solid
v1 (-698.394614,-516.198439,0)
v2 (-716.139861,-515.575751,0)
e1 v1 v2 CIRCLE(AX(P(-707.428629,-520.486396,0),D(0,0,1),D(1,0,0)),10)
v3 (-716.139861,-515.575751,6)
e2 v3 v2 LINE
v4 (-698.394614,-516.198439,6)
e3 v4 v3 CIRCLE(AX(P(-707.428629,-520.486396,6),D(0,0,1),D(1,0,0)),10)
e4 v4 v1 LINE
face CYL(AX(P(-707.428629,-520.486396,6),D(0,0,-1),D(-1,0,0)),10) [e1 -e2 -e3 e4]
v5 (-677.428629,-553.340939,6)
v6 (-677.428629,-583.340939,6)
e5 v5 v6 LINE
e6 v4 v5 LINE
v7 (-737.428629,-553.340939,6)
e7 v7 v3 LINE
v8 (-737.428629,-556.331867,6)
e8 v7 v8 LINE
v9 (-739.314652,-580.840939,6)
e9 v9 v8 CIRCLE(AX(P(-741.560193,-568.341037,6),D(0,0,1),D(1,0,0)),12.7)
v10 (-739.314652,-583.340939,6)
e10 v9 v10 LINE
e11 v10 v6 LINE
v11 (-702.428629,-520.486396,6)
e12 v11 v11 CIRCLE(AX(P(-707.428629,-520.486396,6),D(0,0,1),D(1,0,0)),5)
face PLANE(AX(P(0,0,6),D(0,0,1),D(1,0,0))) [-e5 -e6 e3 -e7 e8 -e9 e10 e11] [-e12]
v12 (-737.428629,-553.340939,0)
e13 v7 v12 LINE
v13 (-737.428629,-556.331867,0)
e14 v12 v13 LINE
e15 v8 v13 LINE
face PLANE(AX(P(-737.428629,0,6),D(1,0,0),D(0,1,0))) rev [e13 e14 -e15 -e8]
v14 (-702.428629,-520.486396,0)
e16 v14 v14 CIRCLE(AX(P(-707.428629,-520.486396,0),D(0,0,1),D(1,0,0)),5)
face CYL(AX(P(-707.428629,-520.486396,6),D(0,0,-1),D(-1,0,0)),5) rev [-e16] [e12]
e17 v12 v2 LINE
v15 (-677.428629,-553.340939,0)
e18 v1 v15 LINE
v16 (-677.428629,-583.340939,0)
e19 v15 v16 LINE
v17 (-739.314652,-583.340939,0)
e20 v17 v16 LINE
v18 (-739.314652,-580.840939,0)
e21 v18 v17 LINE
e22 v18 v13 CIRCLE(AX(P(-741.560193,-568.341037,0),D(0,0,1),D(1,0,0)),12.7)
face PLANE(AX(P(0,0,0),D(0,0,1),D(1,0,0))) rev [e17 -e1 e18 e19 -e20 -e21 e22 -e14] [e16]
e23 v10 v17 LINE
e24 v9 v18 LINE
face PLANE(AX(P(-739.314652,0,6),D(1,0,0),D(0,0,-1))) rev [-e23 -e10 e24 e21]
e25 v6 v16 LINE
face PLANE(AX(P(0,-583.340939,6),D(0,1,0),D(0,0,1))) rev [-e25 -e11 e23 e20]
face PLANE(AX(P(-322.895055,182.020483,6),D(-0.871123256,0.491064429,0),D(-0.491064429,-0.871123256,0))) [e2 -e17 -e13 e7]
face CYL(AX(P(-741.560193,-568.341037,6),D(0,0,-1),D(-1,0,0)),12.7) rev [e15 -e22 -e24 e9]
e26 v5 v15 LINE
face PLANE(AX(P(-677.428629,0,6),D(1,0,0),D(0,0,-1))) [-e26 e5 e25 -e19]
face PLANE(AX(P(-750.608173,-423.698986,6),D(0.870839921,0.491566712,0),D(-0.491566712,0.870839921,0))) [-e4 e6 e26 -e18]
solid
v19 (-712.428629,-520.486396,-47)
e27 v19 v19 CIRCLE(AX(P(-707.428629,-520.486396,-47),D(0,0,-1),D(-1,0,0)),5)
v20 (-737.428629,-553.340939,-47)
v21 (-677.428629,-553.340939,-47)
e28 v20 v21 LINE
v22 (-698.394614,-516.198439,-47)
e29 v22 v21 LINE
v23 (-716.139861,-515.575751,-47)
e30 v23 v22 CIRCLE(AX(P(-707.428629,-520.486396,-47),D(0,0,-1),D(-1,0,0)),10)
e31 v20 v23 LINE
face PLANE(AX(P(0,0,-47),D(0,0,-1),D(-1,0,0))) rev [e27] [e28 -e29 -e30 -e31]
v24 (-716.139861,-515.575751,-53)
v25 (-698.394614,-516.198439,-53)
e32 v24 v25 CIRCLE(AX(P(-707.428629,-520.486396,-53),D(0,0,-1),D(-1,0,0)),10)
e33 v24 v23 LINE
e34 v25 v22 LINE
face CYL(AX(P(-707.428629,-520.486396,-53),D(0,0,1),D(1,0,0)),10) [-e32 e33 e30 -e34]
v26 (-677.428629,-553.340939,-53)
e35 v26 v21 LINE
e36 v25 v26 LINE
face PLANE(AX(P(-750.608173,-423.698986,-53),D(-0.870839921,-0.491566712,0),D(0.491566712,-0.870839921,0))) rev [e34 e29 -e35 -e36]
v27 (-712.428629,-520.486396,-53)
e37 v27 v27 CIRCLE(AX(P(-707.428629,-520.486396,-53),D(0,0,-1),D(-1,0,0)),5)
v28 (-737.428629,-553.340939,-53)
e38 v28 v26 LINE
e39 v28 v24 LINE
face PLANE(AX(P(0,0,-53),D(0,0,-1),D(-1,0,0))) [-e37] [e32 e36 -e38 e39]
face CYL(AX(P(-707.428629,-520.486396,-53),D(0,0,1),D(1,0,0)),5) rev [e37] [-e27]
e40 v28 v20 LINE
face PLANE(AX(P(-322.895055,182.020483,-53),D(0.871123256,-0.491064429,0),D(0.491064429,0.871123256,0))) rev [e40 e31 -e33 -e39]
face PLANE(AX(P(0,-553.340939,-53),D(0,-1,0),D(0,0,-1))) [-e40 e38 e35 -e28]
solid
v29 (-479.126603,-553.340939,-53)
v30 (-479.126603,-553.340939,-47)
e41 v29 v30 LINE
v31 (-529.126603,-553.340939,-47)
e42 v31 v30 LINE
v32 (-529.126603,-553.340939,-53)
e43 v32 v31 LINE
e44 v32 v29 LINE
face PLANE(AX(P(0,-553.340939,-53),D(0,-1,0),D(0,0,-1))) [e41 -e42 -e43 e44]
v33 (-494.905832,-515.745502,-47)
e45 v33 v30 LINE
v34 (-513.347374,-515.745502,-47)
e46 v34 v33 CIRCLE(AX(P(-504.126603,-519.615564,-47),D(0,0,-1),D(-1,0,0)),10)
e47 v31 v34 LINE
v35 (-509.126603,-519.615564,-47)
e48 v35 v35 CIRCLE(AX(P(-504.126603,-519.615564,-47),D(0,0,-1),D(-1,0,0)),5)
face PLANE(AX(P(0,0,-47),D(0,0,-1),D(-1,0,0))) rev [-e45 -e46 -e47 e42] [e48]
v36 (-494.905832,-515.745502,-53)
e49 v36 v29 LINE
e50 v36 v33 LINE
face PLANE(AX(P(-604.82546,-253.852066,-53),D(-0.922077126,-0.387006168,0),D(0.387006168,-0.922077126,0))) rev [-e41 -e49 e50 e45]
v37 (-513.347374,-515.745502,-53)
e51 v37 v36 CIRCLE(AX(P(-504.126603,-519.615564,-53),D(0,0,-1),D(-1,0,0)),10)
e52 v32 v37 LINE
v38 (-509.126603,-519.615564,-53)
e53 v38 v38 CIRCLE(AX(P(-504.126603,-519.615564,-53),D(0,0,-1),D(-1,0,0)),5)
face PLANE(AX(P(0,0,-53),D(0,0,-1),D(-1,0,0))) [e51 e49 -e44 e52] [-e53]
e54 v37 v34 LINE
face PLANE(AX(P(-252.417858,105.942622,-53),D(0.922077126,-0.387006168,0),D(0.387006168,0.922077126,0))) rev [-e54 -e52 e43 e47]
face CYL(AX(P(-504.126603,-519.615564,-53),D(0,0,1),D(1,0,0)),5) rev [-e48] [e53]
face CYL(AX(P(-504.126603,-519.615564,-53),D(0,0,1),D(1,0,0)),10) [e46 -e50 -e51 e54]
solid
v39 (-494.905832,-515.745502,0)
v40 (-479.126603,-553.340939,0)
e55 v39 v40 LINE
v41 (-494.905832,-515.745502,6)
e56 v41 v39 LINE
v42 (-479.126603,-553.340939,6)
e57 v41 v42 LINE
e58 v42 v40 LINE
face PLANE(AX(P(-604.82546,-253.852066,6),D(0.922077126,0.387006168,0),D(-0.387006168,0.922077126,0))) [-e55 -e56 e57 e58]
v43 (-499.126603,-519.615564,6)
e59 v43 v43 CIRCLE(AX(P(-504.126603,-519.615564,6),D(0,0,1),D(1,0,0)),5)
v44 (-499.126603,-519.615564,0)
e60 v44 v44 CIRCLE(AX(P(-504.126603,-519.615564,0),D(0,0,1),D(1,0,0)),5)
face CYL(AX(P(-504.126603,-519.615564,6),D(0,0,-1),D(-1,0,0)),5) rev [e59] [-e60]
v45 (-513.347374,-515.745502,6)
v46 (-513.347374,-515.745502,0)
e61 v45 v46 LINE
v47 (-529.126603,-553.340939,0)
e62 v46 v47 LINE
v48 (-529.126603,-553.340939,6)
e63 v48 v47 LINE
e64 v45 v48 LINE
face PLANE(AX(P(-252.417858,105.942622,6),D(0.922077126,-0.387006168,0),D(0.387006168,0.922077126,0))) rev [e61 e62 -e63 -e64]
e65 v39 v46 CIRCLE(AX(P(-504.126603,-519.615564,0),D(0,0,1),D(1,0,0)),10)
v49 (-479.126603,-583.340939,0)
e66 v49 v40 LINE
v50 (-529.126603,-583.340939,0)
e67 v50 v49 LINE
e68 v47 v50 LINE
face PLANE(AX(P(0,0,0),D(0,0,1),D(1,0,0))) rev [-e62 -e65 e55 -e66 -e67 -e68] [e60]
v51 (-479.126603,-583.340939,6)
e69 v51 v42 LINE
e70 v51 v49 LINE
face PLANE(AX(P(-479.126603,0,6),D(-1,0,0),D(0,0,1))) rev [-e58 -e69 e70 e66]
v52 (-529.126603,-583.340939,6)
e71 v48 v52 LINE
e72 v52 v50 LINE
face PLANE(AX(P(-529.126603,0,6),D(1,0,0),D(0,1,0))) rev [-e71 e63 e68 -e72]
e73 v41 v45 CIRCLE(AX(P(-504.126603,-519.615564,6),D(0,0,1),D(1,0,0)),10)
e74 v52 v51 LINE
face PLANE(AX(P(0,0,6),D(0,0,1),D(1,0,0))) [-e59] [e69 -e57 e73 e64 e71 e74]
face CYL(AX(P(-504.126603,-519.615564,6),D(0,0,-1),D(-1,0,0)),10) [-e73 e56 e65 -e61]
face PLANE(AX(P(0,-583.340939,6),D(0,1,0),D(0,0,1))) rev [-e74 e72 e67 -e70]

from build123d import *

# Parameters (mm, degrees)
SKETCH1_W             = 50
SKETCH1_H             = 30
BOSS_EXTRUDE1_DEPTH   = 6
SKETCH2_R             = 5
BOSS_EXTRUDE2_DEPTH   = 6
BOSS_EXTRUDE2_2_DEPTH = 6


with BuildPart() as part:
    # Sketch1 → Boss-Extrude1 (new body)
    # profile 1 of 6: a face of its own
    with BuildSketch(Plane.XY):
        with BuildLine():
            Line((-716.139861216, -515.57575128), (-737.428628659, -553.340939136))
            Line((-737.428628659, -553.340939136), (-677.428628659, -553.340939136))
            Line((-677.428628659, -553.340939136), (-698.394613553, -516.198439056))
            ThreePointArc((-698.394613553, -516.198439056), (-697.673113525, -518.288686656), (-697.428628659, -520.486395569))
            ThreePointArc((-697.428628659, -520.486395569), (-709.967100091, -530.158839045), (-716.139861216, -515.57575128))
        make_face()
    # profile 2 of 6: a face of its own
    with BuildSketch(Plane.XY):
        with BuildLine():
            Line((-677.428628659, -553.340939136), (-737.428628659, -553.340939136))
            Line((-737.428628659, -553.340939136), (-737.428628659, -556.331866841))
            ThreePointArc((-737.428628659, -556.331866841), (-731.221893717, -560.964753297), (-728.860193105, -568.341037305))
            ThreePointArc((-728.860193105, -568.341037305), (-731.818315199, -576.488786373), (-739.314652141, -580.840939136))
            Line((-739.314652141, -580.840939136), (-739.314652141, -583.340939136))
            Line((-739.314652141, -583.340939136), (-677.428628659, -583.340939136))
            Line((-677.428628659, -583.340939136), (-677.428628659, -553.340939136))
        make_face()
    # profile 3 of 6: a face of its own
    with BuildSketch(Plane.XY):
        with BuildLine():
            ThreePointArc((-698.394613553, -516.198439056), (-707.077940535, -510.492546569), (-716.139861216, -515.57575128))
            ThreePointArc((-716.139861216, -515.57575128), (-709.967100091, -530.158839045), (-697.428628659, -520.486395569))
            ThreePointArc((-697.428628659, -520.486395569), (-697.673113525, -518.288686656), (-698.394613553, -516.198439056))
        make_face()
        with BuildLine():
            add(Edge.make_bspline(
                [(-702.428724913, -520.517420238), (-702.366675575, -510.517612746), (-712.366483068, -510.455563408), (-712.428532405, -520.4553709), (-712.490581742, -530.455178393), (-702.49077425, -530.51722773), (-702.428724913, -520.517420238)],
                knots=[0, 0, 0, 0, 0.5, 0.5, 0.5, 1, 1, 1, 1], degree=3, weights=[1, 0.333333333, 0.333333333, 1, 0.333333333, 0.333333333, 1]))
        make_face(mode=Mode.SUBTRACT)
    # profile 4 of 6: a face of its own
    with BuildSketch(Plane.XY):
        with BuildLine():
            Line((-513.347374444, -515.745502459), (-529.126603186, -553.340939136))
            Line((-529.126603186, -553.340939136), (-479.126603186, -553.340939136))
            Line((-479.126603186, -553.340939136), (-494.905831928, -515.745502459))
            ThreePointArc((-494.905831928, -515.745502459), (-494.323345754, -517.641698969), (-494.126603186, -519.615564139))
            ThreePointArc((-494.126603186, -519.615564139), (-506.100468357, -529.418821572), (-513.347374444, -515.745502459))
        make_face()
    # profile 5 of 6: a face of its own
    with BuildSketch(Plane.XY):
        with Locations((-504.126603186, -568.340939136)):
            Rectangle(SKETCH1_W, SKETCH1_H)
    # profile 6 of 6: a face of its own
    with BuildSketch(Plane.XY):
        with BuildLine():
            ThreePointArc((-494.905831928, -515.745502459), (-504.126603186, -509.615564139), (-513.347374444, -515.745502459))
            ThreePointArc((-513.347374444, -515.745502459), (-506.100468357, -529.418821572), (-494.126603186, -519.615564139))
            ThreePointArc((-494.126603186, -519.615564139), (-494.323345754, -517.641698969), (-494.905831928, -515.745502459))
        make_face()
        with BuildLine():
            add(Edge.make_bspline(
                [(-499.12669944, -519.646588808), (-499.064650103, -509.646781316), (-509.064457595, -509.584731979), (-509.126506932, -519.584539471), (-509.188556269, -529.584346963), (-499.188748777, -529.6463963), (-499.12669944, -519.646588808)],
                knots=[0, 0, 0, 0, 0.5, 0.5, 0.5, 1, 1, 1, 1], degree=3, weights=[1, 0.333333333, 0.333333333, 1, 0.333333333, 0.333333333, 1]))
        make_face(mode=Mode.SUBTRACT)
    extrude(amount=BOSS_EXTRUDE1_DEPTH)


with BuildPart() as body_2:
    # Sketch2 → Boss-Extrude2 (new body)
    with BuildSketch(Plane(origin=(0, 0, -47), x_dir=(-1, 0, 0), z_dir=(0, 0, -1))):
        with BuildLine():
            Line((677.428628659, -553.340939136), (737.428628659, -553.340939136))
            Line((737.428628659, -553.340939136), (716.139861216, -515.57575128))
            ThreePointArc((716.139861216, -515.57575128), (707.077940535, -510.492546569), (698.394613553, -516.198439056))
            Line((698.394613553, -516.198439056), (677.428628659, -553.340939136))
        make_face()
        with Locations((707.428628659, -520.486395569)):
            Circle(SKETCH2_R, mode=Mode.SUBTRACT)
    extrude(amount=BOSS_EXTRUDE2_DEPTH)


with BuildPart() as body_3:
    # Sketch2 → Boss-Extrude2 2 (new body)
    with BuildSketch(Plane(origin=(0, 0, -47), x_dir=(-1, 0, 0), z_dir=(0, 0, -1))):
        with BuildLine():
            Line((479.126603186, -553.340939136), (529.126603186, -553.340939136))
            Line((529.126603186, -553.340939136), (513.347374444, -515.745502459))
            ThreePointArc((513.347374444, -515.745502459), (504.126603186, -509.615564139), (494.905831928, -515.745502459))
            Line((494.905831928, -515.745502459), (479.126603186, -553.340939136))
        make_face()
        with Locations((504.126603186, -519.615564139)):
            Circle(SKETCH2_R, mode=Mode.SUBTRACT)
    extrude(amount=BOSS_EXTRUDE2_2_DEPTH)


solid = Compound([part.part, body_2.part, body_3.part])
